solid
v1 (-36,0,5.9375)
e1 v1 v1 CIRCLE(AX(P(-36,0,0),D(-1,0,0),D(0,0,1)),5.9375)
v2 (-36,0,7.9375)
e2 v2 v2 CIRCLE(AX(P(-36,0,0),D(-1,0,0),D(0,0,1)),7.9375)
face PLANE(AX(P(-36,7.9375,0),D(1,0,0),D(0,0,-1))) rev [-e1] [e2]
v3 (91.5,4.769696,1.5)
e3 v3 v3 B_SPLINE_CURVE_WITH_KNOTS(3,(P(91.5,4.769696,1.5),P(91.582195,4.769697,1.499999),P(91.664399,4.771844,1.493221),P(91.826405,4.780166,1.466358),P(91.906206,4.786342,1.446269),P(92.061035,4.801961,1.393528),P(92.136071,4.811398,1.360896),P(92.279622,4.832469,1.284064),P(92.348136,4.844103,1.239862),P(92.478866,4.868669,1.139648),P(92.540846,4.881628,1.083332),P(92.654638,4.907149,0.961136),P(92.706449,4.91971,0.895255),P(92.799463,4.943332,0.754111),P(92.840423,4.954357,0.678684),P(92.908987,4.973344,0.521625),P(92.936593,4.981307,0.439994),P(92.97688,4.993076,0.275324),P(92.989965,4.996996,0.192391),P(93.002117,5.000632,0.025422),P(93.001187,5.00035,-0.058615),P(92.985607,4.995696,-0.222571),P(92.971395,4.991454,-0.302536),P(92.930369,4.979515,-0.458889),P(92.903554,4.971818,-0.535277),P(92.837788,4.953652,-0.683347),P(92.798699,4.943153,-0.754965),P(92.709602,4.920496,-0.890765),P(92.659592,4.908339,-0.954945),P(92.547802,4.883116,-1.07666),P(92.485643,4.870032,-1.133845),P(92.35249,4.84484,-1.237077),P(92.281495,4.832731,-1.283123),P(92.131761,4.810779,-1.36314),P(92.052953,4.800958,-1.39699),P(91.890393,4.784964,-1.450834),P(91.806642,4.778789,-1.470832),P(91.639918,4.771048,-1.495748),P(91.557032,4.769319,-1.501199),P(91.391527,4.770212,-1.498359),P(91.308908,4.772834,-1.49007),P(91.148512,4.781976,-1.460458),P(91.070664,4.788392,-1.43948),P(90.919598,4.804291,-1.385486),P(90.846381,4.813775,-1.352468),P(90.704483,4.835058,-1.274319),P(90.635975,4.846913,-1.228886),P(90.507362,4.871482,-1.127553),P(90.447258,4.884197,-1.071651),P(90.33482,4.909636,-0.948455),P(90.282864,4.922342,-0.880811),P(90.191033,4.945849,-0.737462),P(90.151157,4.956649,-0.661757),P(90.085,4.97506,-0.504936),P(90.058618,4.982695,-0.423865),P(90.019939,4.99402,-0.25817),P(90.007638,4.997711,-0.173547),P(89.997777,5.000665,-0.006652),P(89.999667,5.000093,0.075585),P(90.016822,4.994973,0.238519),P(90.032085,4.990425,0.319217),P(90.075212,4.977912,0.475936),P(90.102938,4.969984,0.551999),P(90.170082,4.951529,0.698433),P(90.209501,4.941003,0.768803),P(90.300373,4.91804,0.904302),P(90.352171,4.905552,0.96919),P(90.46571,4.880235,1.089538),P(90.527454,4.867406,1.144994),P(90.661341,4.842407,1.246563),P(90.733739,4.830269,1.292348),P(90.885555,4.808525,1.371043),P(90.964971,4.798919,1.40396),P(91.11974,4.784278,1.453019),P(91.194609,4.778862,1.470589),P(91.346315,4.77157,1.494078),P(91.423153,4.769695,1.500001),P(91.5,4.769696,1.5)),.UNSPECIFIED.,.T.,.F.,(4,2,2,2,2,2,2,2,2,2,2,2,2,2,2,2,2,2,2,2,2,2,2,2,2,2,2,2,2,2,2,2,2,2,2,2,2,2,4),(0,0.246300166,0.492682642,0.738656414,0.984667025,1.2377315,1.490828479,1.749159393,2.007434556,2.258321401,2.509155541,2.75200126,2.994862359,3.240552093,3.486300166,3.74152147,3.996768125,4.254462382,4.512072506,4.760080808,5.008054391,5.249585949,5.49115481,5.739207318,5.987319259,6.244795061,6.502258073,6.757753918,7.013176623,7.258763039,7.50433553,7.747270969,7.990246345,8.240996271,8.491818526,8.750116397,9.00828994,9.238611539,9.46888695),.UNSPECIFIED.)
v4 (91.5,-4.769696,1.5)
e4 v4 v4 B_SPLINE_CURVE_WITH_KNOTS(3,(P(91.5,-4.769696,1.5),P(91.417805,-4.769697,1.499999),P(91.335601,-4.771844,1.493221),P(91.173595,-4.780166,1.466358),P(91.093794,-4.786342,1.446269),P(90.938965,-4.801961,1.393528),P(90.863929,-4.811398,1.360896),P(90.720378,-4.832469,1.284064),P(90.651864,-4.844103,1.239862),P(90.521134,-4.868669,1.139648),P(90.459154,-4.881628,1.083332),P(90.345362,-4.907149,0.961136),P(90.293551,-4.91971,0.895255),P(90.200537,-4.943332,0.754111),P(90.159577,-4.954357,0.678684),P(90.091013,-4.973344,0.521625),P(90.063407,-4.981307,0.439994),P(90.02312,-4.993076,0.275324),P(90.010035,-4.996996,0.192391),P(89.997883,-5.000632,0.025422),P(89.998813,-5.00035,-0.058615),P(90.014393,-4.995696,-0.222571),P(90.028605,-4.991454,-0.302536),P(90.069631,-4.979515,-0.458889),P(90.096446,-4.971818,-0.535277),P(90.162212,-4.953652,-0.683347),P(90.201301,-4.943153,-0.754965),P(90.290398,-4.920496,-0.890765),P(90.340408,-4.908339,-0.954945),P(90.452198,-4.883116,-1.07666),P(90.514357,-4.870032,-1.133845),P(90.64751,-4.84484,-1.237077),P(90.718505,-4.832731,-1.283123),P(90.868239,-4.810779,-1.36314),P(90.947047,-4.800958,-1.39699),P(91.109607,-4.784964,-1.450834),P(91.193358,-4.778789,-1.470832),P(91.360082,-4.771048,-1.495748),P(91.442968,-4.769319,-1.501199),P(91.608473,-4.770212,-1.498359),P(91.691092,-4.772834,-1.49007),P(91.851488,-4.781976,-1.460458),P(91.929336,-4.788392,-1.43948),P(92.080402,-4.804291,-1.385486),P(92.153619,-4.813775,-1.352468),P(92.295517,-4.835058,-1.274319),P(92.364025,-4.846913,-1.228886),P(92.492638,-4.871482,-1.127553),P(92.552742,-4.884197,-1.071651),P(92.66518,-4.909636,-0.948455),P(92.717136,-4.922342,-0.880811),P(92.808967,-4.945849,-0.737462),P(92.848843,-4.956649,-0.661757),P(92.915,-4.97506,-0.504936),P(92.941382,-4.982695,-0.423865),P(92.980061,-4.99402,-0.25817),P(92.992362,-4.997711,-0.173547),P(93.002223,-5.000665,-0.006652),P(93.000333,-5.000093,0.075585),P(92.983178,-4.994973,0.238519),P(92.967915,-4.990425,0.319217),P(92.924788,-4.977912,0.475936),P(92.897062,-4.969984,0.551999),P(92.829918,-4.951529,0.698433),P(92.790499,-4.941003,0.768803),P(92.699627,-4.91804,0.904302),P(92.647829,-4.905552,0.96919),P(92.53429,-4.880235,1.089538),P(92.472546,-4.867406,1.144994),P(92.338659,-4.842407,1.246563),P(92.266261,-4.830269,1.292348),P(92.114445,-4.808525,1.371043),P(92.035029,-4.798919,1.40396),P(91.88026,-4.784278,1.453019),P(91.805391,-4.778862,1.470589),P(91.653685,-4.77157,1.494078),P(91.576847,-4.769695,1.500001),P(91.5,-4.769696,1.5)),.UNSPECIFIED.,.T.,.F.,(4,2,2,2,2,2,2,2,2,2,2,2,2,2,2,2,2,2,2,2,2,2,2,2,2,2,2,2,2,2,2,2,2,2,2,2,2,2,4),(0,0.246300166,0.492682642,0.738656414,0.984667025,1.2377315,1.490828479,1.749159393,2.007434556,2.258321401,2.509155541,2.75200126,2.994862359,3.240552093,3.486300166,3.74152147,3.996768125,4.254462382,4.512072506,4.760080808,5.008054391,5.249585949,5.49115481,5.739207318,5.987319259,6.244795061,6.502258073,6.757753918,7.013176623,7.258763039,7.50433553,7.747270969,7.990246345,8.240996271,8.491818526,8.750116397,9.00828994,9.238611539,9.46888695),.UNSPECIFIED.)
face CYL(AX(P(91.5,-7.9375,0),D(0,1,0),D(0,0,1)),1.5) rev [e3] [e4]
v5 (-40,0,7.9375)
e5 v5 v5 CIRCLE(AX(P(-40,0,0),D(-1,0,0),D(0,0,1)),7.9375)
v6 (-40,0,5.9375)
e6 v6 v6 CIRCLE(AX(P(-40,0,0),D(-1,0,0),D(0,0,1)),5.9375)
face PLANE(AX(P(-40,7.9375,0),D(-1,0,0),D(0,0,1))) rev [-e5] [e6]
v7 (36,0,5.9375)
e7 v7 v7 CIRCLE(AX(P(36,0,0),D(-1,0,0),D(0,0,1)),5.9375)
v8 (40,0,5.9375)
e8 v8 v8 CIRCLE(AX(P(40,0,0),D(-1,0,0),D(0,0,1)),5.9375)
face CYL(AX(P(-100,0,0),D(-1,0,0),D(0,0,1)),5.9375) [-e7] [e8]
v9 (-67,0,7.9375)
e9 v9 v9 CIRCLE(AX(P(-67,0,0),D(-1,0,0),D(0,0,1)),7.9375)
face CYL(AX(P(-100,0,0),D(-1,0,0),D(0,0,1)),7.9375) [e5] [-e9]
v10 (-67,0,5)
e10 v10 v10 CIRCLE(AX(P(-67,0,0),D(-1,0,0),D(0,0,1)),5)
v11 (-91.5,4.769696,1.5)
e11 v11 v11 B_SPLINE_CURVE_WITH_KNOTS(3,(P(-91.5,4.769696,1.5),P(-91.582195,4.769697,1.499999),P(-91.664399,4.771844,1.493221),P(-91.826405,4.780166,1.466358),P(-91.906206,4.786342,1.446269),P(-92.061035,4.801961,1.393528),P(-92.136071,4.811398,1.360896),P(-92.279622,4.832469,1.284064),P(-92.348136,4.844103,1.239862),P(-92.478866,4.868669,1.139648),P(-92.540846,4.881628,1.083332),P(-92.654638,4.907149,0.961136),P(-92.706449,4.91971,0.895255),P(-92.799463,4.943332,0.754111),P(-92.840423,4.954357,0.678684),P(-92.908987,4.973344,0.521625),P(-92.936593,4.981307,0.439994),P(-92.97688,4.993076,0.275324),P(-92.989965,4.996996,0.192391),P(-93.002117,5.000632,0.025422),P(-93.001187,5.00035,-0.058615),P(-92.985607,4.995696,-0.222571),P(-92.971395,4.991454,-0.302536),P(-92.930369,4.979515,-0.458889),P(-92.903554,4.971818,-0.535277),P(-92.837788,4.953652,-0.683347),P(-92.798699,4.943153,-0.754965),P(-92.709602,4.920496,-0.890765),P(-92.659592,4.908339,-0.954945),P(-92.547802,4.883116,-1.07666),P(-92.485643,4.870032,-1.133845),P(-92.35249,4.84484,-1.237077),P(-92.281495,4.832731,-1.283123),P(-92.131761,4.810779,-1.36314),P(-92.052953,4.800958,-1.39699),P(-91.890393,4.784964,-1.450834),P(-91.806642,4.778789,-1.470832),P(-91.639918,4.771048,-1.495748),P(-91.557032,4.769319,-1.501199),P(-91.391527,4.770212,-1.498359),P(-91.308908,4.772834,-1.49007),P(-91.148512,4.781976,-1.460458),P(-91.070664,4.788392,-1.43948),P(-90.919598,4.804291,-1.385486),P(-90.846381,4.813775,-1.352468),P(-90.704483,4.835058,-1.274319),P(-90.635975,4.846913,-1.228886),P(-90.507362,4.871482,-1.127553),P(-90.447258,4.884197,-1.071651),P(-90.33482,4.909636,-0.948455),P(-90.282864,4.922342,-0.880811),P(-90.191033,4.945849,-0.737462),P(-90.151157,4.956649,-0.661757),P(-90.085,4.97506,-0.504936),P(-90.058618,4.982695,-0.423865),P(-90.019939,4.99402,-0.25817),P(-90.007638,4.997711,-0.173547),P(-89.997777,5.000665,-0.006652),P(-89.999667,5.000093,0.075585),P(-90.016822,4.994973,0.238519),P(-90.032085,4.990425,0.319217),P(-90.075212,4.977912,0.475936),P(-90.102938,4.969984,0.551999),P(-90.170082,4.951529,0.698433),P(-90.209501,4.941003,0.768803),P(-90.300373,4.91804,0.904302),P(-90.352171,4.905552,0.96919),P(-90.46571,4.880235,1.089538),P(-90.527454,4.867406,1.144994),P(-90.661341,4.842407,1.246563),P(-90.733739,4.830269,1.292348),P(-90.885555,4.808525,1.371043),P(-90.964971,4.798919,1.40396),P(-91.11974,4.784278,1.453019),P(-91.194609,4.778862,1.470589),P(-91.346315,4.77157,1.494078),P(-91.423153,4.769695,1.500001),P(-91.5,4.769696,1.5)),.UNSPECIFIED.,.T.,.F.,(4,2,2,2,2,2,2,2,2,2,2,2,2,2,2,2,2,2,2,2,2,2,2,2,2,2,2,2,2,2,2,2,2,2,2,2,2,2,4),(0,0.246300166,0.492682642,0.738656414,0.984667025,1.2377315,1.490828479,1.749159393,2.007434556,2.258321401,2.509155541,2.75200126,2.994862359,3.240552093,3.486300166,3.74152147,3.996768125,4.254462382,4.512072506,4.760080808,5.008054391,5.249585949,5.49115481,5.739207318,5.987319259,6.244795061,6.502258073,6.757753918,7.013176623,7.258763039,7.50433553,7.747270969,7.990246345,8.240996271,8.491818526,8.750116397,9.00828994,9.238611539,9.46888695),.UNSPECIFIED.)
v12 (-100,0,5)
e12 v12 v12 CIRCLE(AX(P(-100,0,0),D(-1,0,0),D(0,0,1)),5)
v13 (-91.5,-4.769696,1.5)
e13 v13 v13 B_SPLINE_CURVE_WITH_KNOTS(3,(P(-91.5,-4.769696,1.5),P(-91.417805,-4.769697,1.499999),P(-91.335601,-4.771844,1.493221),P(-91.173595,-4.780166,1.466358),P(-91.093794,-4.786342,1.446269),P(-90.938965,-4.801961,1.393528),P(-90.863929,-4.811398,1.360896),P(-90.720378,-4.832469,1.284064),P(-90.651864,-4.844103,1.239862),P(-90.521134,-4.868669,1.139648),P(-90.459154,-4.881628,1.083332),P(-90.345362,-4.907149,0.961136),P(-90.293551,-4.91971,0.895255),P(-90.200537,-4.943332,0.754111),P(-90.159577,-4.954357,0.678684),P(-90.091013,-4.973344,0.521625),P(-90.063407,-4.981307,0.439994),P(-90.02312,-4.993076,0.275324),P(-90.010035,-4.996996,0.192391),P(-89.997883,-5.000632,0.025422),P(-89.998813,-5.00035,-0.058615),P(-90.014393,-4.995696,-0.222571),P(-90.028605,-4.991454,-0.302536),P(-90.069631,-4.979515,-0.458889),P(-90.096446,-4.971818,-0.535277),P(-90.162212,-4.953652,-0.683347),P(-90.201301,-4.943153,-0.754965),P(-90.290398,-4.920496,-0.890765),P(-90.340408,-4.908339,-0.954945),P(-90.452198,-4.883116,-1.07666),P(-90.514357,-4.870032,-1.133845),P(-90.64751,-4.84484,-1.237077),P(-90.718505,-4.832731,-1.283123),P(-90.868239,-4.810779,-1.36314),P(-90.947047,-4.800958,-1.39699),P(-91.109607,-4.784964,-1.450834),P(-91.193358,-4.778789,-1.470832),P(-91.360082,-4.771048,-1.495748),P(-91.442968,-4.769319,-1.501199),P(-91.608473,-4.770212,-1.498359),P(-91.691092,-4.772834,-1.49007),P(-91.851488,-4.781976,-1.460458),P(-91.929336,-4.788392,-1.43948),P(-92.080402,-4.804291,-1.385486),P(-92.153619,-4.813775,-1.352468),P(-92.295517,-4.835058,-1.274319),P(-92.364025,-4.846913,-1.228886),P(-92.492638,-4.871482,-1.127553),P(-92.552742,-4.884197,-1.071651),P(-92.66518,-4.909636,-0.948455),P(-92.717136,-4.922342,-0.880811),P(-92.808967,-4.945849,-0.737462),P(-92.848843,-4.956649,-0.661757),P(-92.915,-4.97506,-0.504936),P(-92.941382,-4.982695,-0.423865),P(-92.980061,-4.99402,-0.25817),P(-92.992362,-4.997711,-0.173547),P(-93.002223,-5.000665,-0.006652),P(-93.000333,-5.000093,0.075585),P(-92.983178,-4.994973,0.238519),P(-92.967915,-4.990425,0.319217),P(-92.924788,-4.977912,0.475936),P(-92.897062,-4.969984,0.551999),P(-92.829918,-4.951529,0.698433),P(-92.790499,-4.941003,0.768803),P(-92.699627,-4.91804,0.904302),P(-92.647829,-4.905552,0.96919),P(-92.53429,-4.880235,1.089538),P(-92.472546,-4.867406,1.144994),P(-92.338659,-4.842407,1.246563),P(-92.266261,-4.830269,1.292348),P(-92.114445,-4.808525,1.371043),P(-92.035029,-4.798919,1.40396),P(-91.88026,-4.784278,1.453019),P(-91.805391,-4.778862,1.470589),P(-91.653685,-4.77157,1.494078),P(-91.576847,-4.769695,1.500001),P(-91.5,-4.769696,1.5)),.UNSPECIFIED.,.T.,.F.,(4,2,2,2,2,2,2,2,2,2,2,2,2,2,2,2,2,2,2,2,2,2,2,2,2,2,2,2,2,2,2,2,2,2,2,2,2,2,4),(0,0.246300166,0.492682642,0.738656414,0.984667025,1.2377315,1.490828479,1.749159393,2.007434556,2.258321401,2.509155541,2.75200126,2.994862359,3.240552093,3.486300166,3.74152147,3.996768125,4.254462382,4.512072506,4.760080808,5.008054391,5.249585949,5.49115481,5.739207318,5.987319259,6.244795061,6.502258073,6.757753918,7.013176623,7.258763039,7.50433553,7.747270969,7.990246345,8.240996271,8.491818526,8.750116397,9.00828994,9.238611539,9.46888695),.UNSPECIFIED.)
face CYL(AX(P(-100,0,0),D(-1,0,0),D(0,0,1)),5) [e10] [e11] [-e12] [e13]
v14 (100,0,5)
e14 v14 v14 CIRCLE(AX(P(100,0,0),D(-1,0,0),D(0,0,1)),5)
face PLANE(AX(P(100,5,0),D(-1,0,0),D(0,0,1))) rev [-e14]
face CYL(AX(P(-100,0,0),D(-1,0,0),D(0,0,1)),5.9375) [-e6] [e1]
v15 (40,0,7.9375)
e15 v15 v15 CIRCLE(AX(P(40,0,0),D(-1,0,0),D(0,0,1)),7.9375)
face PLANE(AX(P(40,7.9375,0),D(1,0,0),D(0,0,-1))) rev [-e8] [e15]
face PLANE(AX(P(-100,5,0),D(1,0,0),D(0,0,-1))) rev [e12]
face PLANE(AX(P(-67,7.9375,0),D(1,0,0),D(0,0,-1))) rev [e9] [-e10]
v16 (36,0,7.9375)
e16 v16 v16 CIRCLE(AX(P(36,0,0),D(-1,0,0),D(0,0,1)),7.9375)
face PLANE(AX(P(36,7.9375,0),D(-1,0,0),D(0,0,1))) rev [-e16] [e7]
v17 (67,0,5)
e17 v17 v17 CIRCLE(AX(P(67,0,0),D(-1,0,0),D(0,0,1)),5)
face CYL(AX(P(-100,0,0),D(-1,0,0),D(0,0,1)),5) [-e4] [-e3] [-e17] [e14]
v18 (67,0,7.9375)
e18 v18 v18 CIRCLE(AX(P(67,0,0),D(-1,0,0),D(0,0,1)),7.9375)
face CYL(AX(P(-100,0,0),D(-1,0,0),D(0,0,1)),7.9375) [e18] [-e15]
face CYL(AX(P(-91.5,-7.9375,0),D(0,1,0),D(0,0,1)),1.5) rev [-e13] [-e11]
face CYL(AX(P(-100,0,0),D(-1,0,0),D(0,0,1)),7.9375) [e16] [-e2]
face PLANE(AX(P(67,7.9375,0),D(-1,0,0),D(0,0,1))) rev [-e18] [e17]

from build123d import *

# Parameters (mm, degrees)
ESBO_O3_R             = 1.5
CORTE_EXTRUS_O1_DEPTH = 101.628066723


with BuildPart() as part:
    # Esboço2 → Revolução1 (revolve)
    with BuildSketch(Plane.XY, mode=Mode.PRIVATE) as revolu_o1_sk:
        Polygon((67, 7.9375), (40, 7.9375), (40, 5.9375), (36, 5.9375), (36, 7.9375), (-36, 7.9375), (-36, 5.9375), (-40, 5.9375), (-40, 7.9375), (-67, 7.9375), (-67, 5), (-100, 5), (-100, 0), (100, 0), (100, 5), (67, 5), align=None)
    revolve(revolu_o1_sk.sketch.rotate(Axis((-100, 0, 0), (1, 0, 0)), 90), axis=Axis((-100, 0, 0), (1, 0, 0)))

    # Esboço3 → Corte-extrusão1 (cut, symmetric)
    with BuildSketch(Plane(origin=(0, 0, 0), x_dir=(1, 0, 0), z_dir=(0, 1, 0))):
        with Locations(Location((-91.5, 0, 0), (0, 0, 270))):
            Circle(ESBO_O3_R)
    corte_extrus_o1 = extrude(amount=CORTE_EXTRUS_O1_DEPTH, both=True, mode=Mode.SUBTRACT)

    # Espelhar1: Corte-extrusão1 across plane
    add(corte_extrus_o1.mirror(Plane(origin=(0, 0, 0), x_dir=(0, 0, 1), z_dir=(1, 0, 0))), mode=Mode.SUBTRACT)


solid = part.part
